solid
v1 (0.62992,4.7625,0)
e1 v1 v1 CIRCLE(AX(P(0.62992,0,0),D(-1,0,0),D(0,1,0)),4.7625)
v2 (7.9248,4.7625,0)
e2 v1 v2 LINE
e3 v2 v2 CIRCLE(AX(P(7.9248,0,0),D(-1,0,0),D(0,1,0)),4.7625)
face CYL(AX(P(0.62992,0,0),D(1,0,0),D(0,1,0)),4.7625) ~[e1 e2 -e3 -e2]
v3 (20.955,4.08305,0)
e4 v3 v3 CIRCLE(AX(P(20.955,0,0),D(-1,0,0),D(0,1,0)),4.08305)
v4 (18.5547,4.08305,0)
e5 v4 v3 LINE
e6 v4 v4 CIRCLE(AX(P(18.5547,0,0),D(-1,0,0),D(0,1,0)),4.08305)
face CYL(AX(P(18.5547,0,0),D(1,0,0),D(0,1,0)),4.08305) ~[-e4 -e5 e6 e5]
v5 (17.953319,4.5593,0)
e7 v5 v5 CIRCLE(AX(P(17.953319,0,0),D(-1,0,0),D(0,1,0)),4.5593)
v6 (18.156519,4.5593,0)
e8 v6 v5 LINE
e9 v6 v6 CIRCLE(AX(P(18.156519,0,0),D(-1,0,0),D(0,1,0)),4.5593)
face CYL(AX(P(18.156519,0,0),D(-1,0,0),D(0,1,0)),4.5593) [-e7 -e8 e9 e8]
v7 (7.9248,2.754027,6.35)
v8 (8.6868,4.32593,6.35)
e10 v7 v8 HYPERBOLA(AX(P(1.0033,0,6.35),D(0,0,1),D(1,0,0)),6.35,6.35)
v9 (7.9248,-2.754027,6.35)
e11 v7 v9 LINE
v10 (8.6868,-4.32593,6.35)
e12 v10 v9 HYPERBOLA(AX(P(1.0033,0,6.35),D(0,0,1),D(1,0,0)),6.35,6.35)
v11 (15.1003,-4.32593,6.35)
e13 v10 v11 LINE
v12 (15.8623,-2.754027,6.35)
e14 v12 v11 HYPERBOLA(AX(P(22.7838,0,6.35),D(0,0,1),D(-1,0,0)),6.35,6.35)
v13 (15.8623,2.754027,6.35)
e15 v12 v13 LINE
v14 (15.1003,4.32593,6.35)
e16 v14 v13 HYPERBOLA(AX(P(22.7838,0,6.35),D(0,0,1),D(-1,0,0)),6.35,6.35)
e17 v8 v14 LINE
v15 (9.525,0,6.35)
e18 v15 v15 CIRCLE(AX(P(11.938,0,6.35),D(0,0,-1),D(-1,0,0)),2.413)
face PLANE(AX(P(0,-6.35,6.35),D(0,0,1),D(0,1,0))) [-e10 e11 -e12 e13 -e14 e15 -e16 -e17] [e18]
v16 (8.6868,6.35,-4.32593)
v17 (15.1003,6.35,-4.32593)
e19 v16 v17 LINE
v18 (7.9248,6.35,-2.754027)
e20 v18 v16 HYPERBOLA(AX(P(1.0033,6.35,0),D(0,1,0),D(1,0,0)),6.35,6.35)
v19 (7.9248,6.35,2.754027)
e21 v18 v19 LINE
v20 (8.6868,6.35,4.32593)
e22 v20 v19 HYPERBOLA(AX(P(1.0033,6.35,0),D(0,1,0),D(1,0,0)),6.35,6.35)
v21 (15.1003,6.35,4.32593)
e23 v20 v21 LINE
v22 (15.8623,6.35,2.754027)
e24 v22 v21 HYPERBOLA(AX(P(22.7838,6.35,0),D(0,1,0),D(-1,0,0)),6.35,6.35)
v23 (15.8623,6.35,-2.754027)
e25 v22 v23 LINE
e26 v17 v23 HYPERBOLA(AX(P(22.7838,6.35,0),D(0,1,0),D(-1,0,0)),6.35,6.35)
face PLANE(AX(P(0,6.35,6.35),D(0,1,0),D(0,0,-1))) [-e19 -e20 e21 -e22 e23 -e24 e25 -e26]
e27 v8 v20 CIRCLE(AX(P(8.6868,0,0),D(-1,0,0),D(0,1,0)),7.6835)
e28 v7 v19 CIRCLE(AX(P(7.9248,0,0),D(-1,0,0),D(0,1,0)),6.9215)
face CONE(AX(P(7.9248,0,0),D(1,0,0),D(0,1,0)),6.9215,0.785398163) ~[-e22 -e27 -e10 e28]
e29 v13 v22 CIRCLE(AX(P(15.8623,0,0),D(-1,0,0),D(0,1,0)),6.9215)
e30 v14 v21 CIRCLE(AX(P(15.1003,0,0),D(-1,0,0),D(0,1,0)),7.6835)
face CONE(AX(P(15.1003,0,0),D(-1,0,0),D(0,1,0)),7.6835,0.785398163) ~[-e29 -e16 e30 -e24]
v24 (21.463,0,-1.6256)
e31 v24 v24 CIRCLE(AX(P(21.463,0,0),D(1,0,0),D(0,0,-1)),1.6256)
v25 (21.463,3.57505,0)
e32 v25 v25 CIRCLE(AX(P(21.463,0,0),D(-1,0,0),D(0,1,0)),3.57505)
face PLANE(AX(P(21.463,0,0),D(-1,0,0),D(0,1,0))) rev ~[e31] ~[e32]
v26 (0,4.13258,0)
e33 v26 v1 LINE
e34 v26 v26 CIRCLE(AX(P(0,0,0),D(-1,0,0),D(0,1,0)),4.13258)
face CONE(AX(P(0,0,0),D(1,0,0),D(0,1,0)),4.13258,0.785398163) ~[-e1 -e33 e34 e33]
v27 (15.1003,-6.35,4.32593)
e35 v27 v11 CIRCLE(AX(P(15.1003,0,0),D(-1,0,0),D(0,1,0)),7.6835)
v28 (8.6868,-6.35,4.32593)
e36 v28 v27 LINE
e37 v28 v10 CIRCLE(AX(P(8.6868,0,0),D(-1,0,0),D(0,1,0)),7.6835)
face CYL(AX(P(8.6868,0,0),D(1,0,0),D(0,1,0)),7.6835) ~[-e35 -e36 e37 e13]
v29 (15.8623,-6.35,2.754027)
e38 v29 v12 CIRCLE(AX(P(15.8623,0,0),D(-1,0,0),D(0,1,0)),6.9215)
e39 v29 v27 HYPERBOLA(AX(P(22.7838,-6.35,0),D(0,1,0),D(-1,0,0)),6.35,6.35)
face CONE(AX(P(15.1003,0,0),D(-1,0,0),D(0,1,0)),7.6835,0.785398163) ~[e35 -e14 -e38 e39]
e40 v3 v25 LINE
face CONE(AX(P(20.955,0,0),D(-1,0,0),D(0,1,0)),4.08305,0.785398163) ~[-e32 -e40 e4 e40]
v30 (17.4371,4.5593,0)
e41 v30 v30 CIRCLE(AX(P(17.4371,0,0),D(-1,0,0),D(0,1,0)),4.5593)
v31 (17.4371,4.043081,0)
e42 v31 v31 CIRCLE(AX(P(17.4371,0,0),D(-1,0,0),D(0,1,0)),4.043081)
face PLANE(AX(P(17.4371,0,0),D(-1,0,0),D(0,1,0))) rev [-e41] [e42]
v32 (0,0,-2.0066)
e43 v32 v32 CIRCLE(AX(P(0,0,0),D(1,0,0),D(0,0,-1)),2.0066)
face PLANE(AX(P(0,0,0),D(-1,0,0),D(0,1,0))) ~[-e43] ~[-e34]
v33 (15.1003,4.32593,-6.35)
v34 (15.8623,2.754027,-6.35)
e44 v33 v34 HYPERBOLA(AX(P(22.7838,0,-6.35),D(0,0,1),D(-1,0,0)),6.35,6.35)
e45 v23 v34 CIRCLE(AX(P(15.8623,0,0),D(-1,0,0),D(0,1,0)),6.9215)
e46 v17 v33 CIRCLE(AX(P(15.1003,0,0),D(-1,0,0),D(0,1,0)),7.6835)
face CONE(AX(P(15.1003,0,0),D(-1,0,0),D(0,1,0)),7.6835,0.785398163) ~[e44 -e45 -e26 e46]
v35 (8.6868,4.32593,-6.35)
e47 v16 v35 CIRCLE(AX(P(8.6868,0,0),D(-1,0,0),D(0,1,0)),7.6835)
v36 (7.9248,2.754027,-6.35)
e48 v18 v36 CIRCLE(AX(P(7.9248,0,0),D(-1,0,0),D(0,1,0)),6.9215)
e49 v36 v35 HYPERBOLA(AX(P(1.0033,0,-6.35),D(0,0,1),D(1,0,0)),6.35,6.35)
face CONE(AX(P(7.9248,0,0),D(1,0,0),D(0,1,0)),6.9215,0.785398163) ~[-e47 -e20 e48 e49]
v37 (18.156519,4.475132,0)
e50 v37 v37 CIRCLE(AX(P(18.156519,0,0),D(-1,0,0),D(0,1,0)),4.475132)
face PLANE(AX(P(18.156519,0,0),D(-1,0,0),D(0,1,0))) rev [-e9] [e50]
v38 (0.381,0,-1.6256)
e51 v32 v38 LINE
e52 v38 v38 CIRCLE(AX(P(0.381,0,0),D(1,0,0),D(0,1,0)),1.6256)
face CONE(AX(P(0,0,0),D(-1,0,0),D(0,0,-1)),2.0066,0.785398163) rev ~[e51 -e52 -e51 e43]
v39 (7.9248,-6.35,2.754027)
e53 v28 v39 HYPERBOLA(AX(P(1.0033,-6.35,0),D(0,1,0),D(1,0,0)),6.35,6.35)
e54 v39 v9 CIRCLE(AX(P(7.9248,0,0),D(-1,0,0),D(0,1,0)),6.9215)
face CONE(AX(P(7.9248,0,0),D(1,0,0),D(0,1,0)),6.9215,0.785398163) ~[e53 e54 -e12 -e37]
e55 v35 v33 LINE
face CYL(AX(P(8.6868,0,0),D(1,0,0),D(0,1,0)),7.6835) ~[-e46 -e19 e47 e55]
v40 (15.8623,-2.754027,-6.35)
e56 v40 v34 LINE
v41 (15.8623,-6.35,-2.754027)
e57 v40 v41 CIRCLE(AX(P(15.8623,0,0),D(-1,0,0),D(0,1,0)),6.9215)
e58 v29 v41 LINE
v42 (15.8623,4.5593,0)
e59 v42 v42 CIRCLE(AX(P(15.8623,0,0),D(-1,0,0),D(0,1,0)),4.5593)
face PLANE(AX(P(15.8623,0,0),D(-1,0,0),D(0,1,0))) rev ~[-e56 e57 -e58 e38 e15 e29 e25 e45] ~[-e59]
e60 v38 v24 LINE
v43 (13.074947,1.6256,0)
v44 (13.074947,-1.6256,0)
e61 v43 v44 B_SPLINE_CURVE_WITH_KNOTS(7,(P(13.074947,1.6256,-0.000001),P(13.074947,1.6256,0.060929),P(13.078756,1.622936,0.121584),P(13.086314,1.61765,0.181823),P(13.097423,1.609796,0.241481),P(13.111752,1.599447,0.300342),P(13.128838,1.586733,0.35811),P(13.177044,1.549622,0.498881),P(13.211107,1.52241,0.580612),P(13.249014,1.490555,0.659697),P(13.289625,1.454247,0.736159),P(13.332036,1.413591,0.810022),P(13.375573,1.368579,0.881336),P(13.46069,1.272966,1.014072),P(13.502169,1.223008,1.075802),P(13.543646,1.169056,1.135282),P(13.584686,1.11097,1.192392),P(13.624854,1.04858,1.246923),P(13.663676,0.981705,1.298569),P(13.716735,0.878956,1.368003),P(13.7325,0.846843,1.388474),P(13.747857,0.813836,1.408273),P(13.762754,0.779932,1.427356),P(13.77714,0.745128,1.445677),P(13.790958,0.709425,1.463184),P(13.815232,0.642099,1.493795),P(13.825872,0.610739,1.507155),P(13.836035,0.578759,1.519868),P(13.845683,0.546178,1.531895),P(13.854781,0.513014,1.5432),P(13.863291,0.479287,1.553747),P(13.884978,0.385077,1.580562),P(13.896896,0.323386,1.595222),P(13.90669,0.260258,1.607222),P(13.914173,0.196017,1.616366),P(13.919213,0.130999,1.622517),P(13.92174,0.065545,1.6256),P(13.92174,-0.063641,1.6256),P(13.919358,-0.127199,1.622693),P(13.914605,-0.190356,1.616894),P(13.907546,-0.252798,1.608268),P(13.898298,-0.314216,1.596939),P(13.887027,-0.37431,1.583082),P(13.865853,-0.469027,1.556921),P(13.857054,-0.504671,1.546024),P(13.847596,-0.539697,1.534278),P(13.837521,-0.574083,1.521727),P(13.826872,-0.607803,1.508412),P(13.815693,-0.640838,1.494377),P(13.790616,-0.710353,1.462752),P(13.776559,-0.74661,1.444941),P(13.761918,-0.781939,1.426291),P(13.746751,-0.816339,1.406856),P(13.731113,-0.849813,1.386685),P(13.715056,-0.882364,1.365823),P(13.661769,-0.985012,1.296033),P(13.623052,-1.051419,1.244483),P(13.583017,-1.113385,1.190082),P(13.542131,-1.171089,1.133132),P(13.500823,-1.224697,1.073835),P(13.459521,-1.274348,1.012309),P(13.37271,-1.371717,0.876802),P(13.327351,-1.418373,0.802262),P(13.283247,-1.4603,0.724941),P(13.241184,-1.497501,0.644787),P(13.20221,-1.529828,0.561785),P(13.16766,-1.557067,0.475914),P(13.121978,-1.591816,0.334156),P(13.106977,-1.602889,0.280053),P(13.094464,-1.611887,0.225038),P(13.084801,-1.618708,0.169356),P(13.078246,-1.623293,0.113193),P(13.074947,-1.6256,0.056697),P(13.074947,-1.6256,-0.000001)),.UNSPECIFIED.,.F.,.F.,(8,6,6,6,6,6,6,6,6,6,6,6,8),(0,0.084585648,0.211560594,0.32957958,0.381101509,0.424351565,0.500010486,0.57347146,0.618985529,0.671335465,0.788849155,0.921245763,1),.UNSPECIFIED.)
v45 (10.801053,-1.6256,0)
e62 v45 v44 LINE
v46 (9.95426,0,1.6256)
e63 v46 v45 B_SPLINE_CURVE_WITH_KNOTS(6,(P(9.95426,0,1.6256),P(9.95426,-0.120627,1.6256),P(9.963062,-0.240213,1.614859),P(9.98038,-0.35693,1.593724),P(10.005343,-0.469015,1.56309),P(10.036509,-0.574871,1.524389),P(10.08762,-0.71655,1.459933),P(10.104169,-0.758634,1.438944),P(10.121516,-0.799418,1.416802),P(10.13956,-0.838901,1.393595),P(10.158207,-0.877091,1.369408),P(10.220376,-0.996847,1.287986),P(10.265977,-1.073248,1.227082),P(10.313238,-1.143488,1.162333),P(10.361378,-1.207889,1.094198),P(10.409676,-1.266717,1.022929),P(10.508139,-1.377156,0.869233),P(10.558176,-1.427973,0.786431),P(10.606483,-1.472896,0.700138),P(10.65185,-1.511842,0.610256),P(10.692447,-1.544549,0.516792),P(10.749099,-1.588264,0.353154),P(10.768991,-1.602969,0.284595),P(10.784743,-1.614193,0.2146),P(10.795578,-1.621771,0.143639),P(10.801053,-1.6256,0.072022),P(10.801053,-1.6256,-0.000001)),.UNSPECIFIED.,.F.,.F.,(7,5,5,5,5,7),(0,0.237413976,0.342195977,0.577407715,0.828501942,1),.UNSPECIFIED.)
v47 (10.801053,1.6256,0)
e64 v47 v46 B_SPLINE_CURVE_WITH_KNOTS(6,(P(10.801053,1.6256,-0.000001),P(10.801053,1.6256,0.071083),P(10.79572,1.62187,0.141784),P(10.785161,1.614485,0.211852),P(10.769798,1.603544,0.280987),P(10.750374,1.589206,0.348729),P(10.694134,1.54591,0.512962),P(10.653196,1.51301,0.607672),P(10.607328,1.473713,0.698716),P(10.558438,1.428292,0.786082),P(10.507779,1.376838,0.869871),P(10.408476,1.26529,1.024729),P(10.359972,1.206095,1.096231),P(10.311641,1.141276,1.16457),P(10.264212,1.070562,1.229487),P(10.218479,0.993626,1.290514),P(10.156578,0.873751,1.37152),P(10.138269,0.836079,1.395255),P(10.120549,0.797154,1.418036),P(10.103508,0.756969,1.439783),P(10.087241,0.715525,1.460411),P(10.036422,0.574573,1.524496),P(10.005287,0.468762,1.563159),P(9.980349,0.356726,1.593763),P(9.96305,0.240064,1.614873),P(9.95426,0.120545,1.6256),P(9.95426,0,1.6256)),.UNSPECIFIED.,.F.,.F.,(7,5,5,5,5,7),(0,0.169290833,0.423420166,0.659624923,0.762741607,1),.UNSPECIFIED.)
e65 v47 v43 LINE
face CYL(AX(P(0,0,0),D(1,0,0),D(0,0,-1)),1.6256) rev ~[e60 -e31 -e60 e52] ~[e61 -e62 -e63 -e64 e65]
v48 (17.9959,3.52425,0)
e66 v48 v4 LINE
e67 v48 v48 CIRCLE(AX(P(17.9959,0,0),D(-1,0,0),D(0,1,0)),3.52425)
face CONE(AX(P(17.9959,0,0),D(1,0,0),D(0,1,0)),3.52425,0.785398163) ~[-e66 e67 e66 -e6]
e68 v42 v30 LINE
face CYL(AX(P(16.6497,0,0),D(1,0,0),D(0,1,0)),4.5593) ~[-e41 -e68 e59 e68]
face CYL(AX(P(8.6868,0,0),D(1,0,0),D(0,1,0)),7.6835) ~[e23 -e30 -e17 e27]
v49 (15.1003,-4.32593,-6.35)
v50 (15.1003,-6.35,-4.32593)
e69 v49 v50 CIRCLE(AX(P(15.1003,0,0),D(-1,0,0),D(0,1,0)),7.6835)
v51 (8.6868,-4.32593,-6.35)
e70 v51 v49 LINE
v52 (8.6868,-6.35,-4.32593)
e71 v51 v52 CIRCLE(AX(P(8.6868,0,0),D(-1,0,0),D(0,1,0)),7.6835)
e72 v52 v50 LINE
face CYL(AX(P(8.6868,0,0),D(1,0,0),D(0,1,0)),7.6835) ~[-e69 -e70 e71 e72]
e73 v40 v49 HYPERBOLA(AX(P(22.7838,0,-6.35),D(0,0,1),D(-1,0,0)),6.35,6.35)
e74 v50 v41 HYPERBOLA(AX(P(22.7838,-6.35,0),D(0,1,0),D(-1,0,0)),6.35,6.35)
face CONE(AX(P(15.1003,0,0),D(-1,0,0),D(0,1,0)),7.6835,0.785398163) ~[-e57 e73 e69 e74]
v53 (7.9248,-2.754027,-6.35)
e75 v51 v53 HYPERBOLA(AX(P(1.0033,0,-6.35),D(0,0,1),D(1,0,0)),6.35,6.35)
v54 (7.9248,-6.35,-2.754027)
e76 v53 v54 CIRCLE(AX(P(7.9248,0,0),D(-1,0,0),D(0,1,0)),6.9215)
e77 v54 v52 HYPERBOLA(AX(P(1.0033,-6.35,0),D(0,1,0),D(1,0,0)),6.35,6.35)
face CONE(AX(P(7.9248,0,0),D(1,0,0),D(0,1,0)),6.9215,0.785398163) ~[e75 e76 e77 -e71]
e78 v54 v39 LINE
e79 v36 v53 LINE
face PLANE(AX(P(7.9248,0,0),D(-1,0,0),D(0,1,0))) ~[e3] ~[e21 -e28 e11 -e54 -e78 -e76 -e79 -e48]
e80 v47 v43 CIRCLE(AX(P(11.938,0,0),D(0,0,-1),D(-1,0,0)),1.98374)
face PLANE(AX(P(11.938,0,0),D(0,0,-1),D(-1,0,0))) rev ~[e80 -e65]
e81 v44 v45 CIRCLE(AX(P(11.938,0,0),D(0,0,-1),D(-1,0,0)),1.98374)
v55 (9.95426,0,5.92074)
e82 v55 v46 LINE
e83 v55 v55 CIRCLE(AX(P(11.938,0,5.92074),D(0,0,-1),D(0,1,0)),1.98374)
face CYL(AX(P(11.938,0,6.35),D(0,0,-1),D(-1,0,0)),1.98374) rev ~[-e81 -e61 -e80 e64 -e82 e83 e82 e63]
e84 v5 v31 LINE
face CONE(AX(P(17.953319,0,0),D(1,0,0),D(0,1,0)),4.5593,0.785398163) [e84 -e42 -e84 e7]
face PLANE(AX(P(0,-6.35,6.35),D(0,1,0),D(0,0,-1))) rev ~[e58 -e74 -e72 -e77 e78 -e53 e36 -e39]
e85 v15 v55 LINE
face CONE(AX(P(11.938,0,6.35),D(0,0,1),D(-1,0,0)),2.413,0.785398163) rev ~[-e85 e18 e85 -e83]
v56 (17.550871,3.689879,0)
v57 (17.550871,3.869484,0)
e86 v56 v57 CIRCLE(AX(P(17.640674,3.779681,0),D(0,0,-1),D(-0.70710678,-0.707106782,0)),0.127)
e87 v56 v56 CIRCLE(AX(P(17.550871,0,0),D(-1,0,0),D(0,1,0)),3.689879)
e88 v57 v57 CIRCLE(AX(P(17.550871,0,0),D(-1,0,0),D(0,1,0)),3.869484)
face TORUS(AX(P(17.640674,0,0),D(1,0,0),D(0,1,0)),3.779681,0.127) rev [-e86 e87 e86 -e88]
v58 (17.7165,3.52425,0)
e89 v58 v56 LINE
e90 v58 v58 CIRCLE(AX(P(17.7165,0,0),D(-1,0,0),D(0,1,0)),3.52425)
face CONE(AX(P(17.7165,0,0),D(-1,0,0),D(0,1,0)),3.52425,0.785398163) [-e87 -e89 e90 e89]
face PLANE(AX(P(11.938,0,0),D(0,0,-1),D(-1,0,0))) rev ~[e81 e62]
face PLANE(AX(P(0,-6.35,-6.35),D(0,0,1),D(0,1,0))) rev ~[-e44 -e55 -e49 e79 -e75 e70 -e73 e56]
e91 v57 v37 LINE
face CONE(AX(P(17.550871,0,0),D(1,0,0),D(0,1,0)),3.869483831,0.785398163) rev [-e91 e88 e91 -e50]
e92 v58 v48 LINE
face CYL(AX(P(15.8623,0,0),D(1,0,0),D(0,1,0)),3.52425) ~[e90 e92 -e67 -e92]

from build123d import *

# Parameters (mm, degrees)
SKETCH3_W          = 1.5748
SKETCH3_H          = 4.5593
HOLE1_D            = 3.2512
HOLE1_DEPTH        = 21.463
HOLE1_CSINK_D      = 4.0132
HOLE1_CSINK_ANGLE  = 90
SKETCH6_W          = 25.4
SKETCH6_H          = 25.4
SKETCH6_W_2        = 12.7
SKETCH6_H_2        = 12.7
CUT_EXTRUDE1_DEPTH = 21.463
HOLE2_D            = 3.96748
HOLE2_DEPTH        = 6.35
HOLE2_CSINK_D      = 4.826
HOLE2_CSINK_ANGLE  = 90


with BuildPart() as part:
    # Sketch1 → Revolve1 (revolve)
    with BuildSketch(Plane.XY):
        Polygon((0, 0), (0, 4.13258), (0.62992, 4.7625), (7.9248, 4.7625), (7.9248, 0), align=None)
    revolve(axis=Axis((7.9248, 0, 0), (-1, 0, 0)))

    # Sketch2 → Revolve2 (revolve)
    with BuildSketch(Plane.XY):
        Polygon((7.9248, 0), (7.9248, 6.9215), (8.6868, 7.6835), (15.1003, 7.6835), (15.8623, 6.9215), (15.8623, 3.52425), (17.9959, 3.52425), (18.5547, 4.08305), (20.955, 4.08305), (21.463, 3.57505), (21.463, 0), align=None)
    revolve(axis=Axis((21.463, 0, 0), (-1, 0, 0)))

    # Sketch3 → Revolve3 (revolve)
    with BuildSketch(Plane.XY):
        with Locations((16.6497, 2.27965)):
            Rectangle(SKETCH3_W, SKETCH3_H)
    revolve(axis=Axis((17.4371, 0, 0), (-1, 0, 0)))

    # Hole1
    with Locations(Plane.ZY):
        with Locations((0, 0)):
            CounterSinkHole(HOLE1_D / 2, HOLE1_CSINK_D / 2, depth=HOLE1_DEPTH, counter_sink_angle=HOLE1_CSINK_ANGLE)

    # Sketch6 → Cut-Extrude1 (cut)
    with BuildSketch(Plane(origin=(0, 0, 0), x_dir=(0, 0, -1), z_dir=(1, 0, 0))):
        Rectangle(SKETCH6_W, SKETCH6_H)
        Rectangle(SKETCH6_W_2, SKETCH6_H_2, mode=Mode.SUBTRACT)
    extrude(amount=CUT_EXTRUDE1_DEPTH, mode=Mode.SUBTRACT)

    # Hole2
    with Locations(Plane.XY.offset(6.35)):
        with Locations((11.938, 0)):
            CounterSinkHole(HOLE2_D / 2, HOLE2_CSINK_D / 2, depth=HOLE2_DEPTH, counter_sink_angle=HOLE2_CSINK_ANGLE)

    # Sketch9 → Revolve4 (revolve)
    with BuildSketch(Plane.XY):
        with BuildLine():
            Line((17.4371, 3.27025), (17.9959, 3.27025))
            Line((17.9959, 3.27025), (17.9959, 3.52425))
            Line((17.9959, 3.52425), (17.7165, 3.52425))
            Line((17.7165, 3.52425), (17.550871292, 3.689878708))
            ThreePointArc((17.550871292, 3.689878708), (17.513673853, 3.779681269), (17.550871292, 3.869483831))
            Line((17.550871292, 3.869483831), (18.156519265, 4.475131804))
            Line((18.156519265, 4.475131804), (18.156519265, 4.5593))
            Line((18.156519265, 4.5593), (17.953319265, 4.5593))
            Line((17.953319265, 4.5593), (17.4371, 4.043080735))
            Line((17.4371, 4.043080735), (17.4371, 3.27025))
        make_face()
    revolve(axis=Axis((17.9959, 0, 0), (-1, 0, 0)))


solid = part.part
